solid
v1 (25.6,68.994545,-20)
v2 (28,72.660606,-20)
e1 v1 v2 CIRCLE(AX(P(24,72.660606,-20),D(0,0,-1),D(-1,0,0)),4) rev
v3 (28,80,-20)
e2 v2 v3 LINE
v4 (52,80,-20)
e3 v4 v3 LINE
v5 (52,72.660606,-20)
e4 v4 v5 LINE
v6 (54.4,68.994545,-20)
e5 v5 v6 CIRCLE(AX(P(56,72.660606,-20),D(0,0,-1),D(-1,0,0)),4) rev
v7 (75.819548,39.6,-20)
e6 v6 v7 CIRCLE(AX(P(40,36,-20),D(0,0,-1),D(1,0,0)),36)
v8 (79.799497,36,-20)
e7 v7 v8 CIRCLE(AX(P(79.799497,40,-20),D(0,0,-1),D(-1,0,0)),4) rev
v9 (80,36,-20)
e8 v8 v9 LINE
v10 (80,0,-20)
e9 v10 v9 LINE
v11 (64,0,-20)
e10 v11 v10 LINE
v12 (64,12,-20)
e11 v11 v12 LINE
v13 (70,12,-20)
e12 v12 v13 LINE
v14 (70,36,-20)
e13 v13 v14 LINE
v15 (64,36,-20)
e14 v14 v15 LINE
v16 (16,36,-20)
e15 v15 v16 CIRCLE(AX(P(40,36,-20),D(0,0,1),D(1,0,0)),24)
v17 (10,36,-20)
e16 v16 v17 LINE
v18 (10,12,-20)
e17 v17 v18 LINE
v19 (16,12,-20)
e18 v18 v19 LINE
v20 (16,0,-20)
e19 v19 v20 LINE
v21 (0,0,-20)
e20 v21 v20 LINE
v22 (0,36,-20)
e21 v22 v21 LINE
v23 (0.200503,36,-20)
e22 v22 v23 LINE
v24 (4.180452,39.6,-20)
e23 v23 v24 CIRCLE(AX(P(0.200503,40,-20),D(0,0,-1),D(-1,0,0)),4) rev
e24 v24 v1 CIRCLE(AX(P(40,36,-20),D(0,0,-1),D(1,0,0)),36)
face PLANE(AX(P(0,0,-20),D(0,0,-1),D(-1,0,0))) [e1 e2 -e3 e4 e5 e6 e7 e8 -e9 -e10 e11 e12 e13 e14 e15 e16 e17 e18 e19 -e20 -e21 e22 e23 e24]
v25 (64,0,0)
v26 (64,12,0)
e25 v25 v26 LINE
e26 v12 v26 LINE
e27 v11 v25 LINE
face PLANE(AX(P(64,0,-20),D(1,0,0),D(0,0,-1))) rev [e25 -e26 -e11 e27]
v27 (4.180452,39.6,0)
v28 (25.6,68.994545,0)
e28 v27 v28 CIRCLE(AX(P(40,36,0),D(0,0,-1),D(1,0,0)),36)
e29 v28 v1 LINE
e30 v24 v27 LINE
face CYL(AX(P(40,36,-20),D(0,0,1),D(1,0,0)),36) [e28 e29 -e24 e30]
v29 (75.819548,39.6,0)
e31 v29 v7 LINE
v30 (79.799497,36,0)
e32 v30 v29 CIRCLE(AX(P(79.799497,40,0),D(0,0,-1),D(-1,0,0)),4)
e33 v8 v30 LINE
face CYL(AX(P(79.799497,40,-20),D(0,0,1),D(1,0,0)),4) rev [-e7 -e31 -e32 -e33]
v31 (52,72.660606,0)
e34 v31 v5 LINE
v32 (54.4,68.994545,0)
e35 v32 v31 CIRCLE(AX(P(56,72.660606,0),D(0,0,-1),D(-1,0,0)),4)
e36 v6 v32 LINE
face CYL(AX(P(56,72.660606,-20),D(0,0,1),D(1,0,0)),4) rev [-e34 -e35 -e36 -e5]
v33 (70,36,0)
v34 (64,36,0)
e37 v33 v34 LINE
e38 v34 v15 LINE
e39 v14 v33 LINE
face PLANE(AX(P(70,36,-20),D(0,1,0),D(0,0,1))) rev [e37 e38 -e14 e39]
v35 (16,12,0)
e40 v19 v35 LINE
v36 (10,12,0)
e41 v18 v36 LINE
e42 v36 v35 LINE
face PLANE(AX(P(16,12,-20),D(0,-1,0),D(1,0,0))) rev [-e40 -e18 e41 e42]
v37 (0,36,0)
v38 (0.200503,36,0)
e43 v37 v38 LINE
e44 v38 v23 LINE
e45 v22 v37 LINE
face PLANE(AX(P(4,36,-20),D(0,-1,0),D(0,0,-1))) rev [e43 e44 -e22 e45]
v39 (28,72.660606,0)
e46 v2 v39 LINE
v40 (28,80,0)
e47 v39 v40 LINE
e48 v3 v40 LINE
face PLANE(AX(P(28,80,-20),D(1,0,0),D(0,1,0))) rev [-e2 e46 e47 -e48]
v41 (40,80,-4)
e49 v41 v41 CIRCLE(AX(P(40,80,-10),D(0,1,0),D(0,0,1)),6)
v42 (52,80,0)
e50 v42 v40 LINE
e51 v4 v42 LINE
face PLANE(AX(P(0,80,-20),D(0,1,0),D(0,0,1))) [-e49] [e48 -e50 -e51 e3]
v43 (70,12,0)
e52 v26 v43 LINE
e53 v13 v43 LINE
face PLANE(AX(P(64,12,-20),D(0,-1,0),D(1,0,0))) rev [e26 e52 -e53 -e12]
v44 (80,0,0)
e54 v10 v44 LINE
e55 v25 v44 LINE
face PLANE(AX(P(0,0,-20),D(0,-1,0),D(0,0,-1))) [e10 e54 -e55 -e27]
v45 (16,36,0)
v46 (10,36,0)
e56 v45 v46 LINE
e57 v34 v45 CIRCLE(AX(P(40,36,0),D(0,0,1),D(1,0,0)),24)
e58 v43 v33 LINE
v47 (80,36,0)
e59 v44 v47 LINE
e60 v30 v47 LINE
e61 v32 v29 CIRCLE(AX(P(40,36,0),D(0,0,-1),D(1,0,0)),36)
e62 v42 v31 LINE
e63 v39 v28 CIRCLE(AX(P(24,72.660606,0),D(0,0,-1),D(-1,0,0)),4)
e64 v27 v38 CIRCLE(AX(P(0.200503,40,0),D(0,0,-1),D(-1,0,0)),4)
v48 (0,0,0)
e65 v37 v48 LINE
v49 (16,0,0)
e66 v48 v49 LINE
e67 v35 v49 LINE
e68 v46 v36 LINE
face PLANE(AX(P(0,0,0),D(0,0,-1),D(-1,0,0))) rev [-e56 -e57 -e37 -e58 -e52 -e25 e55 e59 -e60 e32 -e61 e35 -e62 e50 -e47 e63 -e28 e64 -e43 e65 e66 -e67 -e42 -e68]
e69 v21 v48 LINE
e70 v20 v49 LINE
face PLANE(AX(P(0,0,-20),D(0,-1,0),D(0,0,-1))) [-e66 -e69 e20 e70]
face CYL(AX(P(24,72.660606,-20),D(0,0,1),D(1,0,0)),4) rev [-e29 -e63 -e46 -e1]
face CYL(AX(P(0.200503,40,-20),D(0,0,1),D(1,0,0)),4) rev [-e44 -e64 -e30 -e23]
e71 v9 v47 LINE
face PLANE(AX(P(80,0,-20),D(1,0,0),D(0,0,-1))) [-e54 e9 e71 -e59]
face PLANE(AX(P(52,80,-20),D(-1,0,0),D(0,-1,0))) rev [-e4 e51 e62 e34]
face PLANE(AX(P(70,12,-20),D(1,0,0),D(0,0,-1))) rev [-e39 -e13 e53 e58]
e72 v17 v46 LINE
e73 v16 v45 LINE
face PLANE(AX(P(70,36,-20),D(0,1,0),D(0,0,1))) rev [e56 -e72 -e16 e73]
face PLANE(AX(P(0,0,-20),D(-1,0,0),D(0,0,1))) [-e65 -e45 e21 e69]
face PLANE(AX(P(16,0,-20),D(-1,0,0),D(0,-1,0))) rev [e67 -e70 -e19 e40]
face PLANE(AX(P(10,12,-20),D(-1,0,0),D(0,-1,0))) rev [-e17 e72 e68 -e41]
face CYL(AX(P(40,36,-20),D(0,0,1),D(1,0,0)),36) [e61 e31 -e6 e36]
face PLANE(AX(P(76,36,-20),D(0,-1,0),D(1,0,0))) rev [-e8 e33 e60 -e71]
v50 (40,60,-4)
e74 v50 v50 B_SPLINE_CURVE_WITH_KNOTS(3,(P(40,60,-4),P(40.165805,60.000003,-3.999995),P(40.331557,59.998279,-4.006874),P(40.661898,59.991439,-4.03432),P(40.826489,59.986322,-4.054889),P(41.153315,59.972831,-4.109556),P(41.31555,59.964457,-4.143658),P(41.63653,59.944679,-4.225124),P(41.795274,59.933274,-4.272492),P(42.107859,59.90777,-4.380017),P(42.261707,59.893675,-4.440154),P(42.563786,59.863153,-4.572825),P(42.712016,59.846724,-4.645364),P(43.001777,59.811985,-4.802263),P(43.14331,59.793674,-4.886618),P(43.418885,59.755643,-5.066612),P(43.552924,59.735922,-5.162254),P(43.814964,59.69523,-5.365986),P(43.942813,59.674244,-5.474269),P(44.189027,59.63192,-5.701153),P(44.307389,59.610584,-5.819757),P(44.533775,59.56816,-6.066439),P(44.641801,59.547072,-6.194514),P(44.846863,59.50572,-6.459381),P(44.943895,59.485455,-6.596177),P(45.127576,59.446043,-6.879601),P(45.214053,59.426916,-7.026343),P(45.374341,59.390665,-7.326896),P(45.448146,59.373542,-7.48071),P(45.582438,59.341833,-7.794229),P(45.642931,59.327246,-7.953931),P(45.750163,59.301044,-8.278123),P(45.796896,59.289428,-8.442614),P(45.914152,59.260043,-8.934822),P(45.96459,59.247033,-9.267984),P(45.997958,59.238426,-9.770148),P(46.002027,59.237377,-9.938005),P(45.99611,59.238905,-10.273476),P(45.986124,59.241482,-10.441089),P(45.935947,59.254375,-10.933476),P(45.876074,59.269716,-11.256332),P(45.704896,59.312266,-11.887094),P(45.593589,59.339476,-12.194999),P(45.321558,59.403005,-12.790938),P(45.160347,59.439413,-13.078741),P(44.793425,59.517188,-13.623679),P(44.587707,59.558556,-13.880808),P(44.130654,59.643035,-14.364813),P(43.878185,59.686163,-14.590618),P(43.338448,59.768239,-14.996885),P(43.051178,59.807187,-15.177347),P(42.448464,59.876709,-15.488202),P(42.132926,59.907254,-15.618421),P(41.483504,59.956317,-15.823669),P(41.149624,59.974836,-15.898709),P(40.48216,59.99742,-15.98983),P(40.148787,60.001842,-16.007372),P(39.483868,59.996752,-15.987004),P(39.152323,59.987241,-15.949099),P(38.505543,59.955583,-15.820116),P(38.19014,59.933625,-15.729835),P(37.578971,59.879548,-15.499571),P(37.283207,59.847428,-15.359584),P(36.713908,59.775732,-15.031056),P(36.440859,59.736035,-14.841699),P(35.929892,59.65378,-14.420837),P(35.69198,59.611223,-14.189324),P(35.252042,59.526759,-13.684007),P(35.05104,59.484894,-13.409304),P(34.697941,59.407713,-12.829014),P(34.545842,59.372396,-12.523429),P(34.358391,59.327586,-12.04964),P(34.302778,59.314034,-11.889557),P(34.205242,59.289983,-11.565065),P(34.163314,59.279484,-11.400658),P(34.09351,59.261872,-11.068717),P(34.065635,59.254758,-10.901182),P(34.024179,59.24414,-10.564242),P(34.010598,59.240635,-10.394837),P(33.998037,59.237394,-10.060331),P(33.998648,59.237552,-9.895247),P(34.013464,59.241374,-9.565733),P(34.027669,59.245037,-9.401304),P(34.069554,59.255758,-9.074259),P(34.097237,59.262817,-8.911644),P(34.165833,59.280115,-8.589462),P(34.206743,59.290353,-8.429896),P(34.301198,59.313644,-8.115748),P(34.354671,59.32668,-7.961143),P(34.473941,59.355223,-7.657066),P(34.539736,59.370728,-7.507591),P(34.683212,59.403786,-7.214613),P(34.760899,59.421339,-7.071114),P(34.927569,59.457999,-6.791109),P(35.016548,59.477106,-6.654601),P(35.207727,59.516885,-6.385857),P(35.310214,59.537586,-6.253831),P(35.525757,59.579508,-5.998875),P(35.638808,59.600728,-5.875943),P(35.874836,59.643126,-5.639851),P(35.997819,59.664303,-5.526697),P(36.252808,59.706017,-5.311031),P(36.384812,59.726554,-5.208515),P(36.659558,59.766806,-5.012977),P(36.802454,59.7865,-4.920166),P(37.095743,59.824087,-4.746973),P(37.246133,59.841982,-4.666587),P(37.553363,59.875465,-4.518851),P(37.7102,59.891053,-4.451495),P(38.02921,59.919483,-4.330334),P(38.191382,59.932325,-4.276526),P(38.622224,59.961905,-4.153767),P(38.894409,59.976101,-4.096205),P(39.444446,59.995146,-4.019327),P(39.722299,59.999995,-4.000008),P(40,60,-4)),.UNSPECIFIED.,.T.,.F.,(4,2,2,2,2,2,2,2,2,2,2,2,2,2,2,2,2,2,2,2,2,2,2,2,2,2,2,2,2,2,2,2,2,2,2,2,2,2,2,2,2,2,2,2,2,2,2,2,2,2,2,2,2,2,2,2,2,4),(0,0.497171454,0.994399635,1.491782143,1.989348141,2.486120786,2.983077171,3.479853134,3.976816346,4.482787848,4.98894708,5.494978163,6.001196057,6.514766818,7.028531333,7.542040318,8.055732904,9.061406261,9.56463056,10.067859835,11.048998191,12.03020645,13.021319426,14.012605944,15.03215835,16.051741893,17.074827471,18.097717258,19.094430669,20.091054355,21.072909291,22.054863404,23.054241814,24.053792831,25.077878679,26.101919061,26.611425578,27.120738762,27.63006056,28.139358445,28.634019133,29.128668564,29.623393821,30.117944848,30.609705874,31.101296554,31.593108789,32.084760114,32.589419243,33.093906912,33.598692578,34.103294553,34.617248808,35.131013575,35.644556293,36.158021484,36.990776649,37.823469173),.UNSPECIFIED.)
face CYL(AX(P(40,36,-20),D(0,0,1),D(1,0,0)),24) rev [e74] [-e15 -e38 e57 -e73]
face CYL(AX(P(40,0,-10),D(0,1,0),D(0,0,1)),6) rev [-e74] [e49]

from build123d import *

# Parameters (mm, degrees)
SKETCH1_W           = 80
SKETCH1_H           = 80
BOSS_EXTRUDE1_DEPTH = 20
CUT_EXTRUDE1_DEPTH  = 21
SKETCH3_R           = 24
CUT_EXTRUDE2_DEPTH  = 21
CUT_EXTRUDE3_DEPTH  = 21
SKETCH5_R           = 6
CUT_EXTRUDE4_DEPTH  = 81
FILLET1_R           = 4


with BuildPart() as part:
    # Sketch1 → Boss-Extrude1 (new body)
    with BuildSketch(Plane.XY):
        with Locations((40, 40)):
            Rectangle(SKETCH1_W, SKETCH1_H)
    extrude(amount=-BOSS_EXTRUDE1_DEPTH)

    # Sketch2 → Cut-Extrude1 (cut, through all)
    with BuildSketch(Plane.XY):
        Polygon((16, 0), (64, 0), (64, 12), (70, 12), (70, 36), (10, 36), (10, 12), (16, 12), align=None)
    extrude(amount=-CUT_EXTRUDE1_DEPTH, mode=Mode.SUBTRACT)

    # Sketch3 → Cut-Extrude2 (cut, through all)
    with BuildSketch(Plane.XY):
        with Locations((40, 36)):
            Circle(SKETCH3_R)
    extrude(amount=-CUT_EXTRUDE2_DEPTH, mode=Mode.SUBTRACT)

    # Sketch4 → Cut-Extrude3 (cut, through all)
    with BuildSketch(Plane.XY):
        with BuildLine():
            Line((4, 36), (0, 36))
            Line((0, 36), (0, 80))
            Line((0, 80), (28, 80))
            Line((28, 80), (28, 69.941125497))
            ThreePointArc((28, 69.941125497), (10.606123087, 56.784609691), (4, 36))
        make_face()
        with BuildLine():
            Line((76, 36), (80, 36))
            Line((80, 36), (80, 80))
            Line((80, 80), (52, 80))
            Line((52, 80), (52, 69.941125497))
            ThreePointArc((52, 69.941125497), (69.393876913, 56.784609691), (76, 36))
        make_face()
    extrude(amount=-CUT_EXTRUDE3_DEPTH, mode=Mode.SUBTRACT)

    # Sketch5 → Cut-Extrude4 (cut, through all)
    with BuildSketch(Plane(origin=(0, 80, 0), x_dir=(1, 0, 0), z_dir=(0, 1, 0))):
        with Locations((40, 10)):
            Circle(SKETCH5_R)
    extrude(amount=-CUT_EXTRUDE4_DEPTH, mode=Mode.SUBTRACT)

    # Fillet1
    fillet1_edges = [part.edges().sort_by_distance(p)[0] for p in [
        (76, 36, -10),
        (52, 69.941125497, -10),
        (28, 69.941125497, -10),
        (4, 36, -10),
    ]]
    fillet(fillet1_edges, radius=FILLET1_R)


solid = part.part
